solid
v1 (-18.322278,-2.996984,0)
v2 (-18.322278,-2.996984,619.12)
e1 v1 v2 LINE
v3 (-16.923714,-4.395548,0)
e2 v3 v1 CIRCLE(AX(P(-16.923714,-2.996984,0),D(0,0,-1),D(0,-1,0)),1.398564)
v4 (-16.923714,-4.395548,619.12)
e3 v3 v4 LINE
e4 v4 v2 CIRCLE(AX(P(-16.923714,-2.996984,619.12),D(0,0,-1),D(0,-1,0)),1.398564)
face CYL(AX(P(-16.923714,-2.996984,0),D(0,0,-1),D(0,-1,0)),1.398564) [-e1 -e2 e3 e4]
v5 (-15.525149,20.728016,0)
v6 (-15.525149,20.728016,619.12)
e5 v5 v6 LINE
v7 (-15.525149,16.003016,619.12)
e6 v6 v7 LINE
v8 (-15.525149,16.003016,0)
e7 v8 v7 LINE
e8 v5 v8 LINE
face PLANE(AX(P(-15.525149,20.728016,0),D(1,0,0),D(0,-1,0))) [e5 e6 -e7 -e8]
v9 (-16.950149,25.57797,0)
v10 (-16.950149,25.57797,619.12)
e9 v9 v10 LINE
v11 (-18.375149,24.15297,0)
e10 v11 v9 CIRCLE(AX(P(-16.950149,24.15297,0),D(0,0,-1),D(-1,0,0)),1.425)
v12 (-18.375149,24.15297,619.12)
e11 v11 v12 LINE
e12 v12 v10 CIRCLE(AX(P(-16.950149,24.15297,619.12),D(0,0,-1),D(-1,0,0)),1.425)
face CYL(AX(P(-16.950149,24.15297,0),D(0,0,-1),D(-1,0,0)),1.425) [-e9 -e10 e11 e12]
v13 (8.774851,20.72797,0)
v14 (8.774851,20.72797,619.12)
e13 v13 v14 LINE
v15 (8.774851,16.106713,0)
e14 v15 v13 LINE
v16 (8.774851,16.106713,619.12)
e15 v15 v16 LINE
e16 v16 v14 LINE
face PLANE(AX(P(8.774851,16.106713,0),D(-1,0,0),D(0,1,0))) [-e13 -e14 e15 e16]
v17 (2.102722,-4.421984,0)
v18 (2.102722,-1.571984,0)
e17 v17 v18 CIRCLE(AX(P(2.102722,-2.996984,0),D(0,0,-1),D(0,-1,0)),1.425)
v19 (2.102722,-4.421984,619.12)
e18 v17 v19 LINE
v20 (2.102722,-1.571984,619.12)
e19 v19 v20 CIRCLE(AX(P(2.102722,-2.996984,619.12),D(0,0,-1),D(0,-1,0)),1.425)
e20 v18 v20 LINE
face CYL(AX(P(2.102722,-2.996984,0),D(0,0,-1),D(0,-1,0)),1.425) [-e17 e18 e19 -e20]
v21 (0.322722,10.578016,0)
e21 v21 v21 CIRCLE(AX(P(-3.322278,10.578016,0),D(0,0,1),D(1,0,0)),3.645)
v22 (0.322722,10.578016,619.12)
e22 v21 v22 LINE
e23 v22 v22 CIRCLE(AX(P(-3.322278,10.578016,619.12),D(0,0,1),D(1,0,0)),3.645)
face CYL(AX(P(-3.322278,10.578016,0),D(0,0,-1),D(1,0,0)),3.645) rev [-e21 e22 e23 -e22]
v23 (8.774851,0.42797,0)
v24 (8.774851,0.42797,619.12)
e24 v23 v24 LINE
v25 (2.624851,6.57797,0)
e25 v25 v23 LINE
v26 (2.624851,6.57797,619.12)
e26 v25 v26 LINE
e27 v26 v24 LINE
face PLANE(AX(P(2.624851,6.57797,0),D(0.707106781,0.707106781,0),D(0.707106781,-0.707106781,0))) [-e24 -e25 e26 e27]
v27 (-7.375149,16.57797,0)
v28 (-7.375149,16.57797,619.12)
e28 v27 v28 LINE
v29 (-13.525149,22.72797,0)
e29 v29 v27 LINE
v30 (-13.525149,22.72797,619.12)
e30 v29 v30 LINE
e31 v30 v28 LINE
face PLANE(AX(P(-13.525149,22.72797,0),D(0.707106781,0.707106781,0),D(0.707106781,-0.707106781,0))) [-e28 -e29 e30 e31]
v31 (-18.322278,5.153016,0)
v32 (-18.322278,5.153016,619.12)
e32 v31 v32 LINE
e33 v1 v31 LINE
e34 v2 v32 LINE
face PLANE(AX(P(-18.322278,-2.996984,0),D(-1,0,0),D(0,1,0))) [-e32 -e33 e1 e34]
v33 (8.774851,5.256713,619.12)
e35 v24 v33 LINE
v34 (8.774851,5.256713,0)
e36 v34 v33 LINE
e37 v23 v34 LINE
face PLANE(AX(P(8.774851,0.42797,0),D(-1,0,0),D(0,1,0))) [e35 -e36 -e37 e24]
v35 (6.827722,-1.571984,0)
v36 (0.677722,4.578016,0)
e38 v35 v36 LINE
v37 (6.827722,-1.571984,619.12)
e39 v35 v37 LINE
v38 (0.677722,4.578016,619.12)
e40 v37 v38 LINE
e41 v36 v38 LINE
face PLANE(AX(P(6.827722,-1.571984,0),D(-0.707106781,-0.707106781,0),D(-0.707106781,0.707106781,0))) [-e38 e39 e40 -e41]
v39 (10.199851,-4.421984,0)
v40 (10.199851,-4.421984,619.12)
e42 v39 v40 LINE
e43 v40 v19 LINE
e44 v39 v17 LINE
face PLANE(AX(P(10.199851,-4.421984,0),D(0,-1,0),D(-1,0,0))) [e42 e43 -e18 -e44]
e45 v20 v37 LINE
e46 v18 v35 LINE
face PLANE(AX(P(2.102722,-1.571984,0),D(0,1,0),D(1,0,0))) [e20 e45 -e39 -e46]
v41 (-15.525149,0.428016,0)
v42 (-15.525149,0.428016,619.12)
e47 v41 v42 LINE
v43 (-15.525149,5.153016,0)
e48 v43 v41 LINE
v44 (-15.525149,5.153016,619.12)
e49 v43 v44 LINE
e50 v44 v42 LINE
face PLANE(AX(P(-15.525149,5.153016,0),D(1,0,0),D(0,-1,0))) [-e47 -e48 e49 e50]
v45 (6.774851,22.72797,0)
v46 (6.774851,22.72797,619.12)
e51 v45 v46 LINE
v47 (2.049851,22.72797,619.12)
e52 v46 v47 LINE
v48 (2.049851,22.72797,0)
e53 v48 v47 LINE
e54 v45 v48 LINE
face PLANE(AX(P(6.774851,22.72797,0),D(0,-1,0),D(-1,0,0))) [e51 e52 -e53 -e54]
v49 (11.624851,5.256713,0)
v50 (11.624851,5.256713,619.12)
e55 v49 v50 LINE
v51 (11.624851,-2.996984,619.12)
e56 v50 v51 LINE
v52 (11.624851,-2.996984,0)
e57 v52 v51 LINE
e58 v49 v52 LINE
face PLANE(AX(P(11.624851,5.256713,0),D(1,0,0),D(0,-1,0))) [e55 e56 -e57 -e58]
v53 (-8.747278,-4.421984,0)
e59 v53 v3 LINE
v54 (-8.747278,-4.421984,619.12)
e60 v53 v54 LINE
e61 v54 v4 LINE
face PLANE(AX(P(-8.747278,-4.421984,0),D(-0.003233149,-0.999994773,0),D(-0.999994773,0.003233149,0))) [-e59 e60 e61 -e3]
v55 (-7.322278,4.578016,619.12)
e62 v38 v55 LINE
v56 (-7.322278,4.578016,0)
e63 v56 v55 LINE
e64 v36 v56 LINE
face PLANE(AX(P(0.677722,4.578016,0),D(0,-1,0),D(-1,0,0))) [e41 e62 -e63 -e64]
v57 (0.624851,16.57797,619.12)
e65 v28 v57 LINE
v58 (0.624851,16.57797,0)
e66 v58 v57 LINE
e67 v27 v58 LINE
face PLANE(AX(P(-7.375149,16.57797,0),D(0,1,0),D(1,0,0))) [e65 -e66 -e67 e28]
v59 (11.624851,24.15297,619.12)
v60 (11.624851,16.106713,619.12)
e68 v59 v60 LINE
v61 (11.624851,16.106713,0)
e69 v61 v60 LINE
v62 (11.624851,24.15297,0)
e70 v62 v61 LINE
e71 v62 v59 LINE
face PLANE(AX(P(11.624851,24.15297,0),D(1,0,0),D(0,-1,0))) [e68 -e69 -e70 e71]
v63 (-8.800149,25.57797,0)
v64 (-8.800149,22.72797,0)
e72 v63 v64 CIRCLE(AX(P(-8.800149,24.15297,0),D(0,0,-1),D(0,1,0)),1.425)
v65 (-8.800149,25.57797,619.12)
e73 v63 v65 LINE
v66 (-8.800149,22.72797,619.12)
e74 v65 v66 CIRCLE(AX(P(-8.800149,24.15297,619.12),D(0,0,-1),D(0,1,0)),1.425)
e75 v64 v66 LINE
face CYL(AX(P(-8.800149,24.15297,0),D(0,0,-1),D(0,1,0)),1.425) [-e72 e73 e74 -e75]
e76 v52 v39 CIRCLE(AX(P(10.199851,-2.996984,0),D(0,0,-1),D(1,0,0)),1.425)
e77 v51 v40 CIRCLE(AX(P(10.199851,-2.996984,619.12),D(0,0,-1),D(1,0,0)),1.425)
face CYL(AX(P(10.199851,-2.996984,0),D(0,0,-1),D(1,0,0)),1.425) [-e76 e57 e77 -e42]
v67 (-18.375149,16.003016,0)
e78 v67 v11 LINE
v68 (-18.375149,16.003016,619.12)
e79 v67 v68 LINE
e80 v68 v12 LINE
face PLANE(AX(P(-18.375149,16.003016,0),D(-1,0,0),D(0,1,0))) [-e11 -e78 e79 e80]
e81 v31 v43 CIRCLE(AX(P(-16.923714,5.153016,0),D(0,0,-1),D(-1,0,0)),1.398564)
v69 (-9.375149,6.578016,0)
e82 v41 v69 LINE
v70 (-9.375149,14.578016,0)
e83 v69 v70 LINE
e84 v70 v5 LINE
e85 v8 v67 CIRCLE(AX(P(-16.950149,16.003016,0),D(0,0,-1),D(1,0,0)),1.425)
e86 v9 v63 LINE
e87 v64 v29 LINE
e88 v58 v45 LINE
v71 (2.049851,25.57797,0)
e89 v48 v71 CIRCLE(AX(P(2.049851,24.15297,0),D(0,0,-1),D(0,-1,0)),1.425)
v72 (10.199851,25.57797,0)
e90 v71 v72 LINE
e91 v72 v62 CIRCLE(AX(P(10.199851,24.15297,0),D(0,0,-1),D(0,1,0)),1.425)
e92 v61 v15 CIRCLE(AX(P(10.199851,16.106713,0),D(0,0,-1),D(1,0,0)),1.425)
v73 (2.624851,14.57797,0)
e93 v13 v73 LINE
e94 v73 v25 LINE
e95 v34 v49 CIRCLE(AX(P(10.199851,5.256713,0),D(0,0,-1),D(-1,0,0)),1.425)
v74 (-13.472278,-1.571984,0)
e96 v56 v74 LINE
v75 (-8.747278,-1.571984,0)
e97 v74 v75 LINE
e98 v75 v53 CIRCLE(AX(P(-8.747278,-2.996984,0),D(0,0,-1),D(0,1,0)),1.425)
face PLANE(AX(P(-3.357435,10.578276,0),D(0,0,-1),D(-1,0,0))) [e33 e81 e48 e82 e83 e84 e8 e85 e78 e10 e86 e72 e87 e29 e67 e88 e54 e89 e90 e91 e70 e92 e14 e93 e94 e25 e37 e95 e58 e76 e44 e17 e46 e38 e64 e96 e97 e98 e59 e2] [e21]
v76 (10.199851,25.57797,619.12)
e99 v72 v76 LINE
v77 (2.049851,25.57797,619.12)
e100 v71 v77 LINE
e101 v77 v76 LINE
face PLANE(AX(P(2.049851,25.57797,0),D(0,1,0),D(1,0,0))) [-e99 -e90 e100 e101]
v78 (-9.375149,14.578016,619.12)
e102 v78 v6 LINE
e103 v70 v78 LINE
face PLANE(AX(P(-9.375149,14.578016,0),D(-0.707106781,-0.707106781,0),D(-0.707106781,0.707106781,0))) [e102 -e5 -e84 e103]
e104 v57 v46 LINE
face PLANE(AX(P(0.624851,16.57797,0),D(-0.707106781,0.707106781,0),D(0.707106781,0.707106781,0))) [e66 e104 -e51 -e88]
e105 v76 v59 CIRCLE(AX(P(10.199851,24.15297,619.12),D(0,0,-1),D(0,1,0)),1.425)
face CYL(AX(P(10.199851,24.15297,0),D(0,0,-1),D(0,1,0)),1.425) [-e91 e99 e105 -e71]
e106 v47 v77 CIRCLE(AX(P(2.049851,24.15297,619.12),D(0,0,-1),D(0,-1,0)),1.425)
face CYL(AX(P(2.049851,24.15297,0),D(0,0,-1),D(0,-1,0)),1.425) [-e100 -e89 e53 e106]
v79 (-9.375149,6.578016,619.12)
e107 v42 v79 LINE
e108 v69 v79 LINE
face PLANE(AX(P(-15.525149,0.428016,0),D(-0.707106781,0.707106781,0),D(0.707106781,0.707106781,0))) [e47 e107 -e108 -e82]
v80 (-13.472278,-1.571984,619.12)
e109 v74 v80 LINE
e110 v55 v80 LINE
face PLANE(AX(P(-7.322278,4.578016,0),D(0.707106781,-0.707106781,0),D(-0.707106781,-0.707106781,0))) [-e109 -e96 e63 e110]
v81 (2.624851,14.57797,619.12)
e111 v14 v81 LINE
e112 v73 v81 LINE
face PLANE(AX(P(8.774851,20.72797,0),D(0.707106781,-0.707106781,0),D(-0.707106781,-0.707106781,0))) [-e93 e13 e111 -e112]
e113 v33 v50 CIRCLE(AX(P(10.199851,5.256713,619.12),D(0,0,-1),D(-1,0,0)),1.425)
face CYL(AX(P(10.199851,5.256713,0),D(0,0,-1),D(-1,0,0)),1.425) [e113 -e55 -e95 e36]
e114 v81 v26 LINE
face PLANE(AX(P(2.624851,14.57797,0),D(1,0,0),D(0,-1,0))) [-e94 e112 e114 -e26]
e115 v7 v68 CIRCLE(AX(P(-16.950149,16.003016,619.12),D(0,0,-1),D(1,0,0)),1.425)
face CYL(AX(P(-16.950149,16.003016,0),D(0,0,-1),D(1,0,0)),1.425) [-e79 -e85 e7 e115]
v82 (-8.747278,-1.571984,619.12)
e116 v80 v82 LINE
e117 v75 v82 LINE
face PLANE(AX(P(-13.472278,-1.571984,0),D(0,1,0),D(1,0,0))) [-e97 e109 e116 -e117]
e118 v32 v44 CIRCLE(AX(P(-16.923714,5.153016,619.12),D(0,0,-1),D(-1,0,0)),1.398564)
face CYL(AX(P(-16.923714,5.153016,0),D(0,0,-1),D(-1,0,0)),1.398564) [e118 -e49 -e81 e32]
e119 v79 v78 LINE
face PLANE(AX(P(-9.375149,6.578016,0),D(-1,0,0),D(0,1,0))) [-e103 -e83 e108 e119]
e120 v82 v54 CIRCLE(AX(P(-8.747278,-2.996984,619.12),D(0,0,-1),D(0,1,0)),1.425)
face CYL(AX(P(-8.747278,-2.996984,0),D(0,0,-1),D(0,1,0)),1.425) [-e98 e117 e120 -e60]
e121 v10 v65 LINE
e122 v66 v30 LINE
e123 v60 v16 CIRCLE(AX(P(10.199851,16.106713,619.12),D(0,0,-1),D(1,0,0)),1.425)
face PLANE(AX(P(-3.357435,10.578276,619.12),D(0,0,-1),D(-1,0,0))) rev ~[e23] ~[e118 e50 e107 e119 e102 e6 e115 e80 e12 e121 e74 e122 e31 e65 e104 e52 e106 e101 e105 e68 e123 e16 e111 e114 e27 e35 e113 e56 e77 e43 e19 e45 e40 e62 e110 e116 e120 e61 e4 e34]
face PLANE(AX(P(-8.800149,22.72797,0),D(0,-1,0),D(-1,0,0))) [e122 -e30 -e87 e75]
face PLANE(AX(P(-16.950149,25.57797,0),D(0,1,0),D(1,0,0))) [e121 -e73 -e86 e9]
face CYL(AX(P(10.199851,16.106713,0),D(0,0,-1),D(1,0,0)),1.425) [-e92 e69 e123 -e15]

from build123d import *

# Parameters (mm, degrees)
CROQUIS1_R              = 3.645
SALIENTE_EXTRUIR1_DEPTH = 619.12


with BuildPart() as part:
    # Croquis1 → Saliente-Extruir1 (new body)
    with BuildSketch(Plane.XY):
        with BuildLine():
            Line((2.102722117, -1.571983732), (6.827722117, -1.571983732))
            Line((6.827722117, -1.571983732), (0.677722117, 4.578016268))
            Line((0.677722117, 4.578016268), (-7.322277883, 4.578016268))
            Line((-7.322277883, 4.578016268), (-13.472277883, -1.571983732))
            Line((-13.472277883, -1.571983732), (-8.747277883, -1.571983732))
            ThreePointArc((-8.747277883, -1.571983732), (-7.322277883, -2.996983732), (-8.747277883, -4.421983732))
            Line((-8.747277883, -4.421983732), (-16.923713656, -4.395547959))
            ThreePointArc((-16.923713656, -4.395547959), (-17.912647905, -3.985917981), (-18.322277883, -2.996983732))
            Line((-18.322277883, -2.996983732), (-18.322277883, 5.153016268))
            ThreePointArc((-18.322277883, 5.153016268), (-16.923713656, 6.551580495), (-15.525149428, 5.153016268))
            Line((-15.525149428, 5.153016268), (-15.525149428, 0.428016268))
            Line((-15.525149428, 0.428016268), (-9.375149428, 6.578016268))
            Line((-9.375149428, 6.578016268), (-9.375149428, 14.578016268))
            Line((-9.375149428, 14.578016268), (-15.525149428, 20.728016268))
            Line((-15.525149428, 20.728016268), (-15.525149428, 16.003016268))
            ThreePointArc((-15.525149428, 16.003016268), (-16.950149428, 14.578016268), (-18.375149428, 16.003016268))
            Line((-18.375149428, 16.003016268), (-18.375149428, 24.152969678))
            ThreePointArc((-18.375149428, 24.152969678), (-17.957776591, 25.160596841), (-16.950149428, 25.577969678))
            Line((-16.950149428, 25.577969678), (-8.800149428, 25.577969678))
            ThreePointArc((-8.800149428, 25.577969678), (-7.375149428, 24.152969678), (-8.800149428, 22.727969678))
            Line((-8.800149428, 22.727969678), (-13.525149428, 22.727969678))
            Line((-13.525149428, 22.727969678), (-7.375149428, 16.577969678))
            Line((-7.375149428, 16.577969678), (0.624850572, 16.577969678))
            Line((0.624850572, 16.577969678), (6.774850572, 22.727969678))
            Line((6.774850572, 22.727969678), (2.049850572, 22.727969678))
            ThreePointArc((2.049850572, 22.727969678), (0.624850572, 24.152969678), (2.049850572, 25.577969678))
            Line((2.049850572, 25.577969678), (10.199850572, 25.577969678))
            ThreePointArc((10.199850572, 25.577969678), (11.207477735, 25.160596841), (11.624850572, 24.152969678))
            Line((11.624850572, 24.152969678), (11.624850572, 16.106713363))
            ThreePointArc((11.624850572, 16.106713363), (10.199850572, 14.681713363), (8.774850572, 16.106713363))
            Line((8.774850572, 16.106713363), (8.774850572, 20.727969678))
            Line((8.774850572, 20.727969678), (2.624850572, 14.577969678))
            Line((2.624850572, 14.577969678), (2.624850572, 6.577969678))
            Line((2.624850572, 6.577969678), (8.774850572, 0.427969678))
            Line((8.774850572, 0.427969678), (8.774850572, 5.256713363))
            ThreePointArc((8.774850572, 5.256713363), (10.199850572, 6.681713363), (11.624850572, 5.256713363))
            Line((11.624850572, 5.256713363), (11.624850572, -2.996983732))
            ThreePointArc((11.624850572, -2.996983732), (11.207477735, -4.004610895), (10.199850572, -4.421983732))
            Line((10.199850572, -4.421983732), (2.102722117, -4.421983732))
            ThreePointArc((2.102722117, -4.421983732), (0.677722117, -2.996983732), (2.102722117, -1.571983732))
        make_face()
        with Locations((-3.322277883, 10.578016268)):
            Circle(CROQUIS1_R, mode=Mode.SUBTRACT)
    extrude(amount=SALIENTE_EXTRUIR1_DEPTH)


solid = part.part
